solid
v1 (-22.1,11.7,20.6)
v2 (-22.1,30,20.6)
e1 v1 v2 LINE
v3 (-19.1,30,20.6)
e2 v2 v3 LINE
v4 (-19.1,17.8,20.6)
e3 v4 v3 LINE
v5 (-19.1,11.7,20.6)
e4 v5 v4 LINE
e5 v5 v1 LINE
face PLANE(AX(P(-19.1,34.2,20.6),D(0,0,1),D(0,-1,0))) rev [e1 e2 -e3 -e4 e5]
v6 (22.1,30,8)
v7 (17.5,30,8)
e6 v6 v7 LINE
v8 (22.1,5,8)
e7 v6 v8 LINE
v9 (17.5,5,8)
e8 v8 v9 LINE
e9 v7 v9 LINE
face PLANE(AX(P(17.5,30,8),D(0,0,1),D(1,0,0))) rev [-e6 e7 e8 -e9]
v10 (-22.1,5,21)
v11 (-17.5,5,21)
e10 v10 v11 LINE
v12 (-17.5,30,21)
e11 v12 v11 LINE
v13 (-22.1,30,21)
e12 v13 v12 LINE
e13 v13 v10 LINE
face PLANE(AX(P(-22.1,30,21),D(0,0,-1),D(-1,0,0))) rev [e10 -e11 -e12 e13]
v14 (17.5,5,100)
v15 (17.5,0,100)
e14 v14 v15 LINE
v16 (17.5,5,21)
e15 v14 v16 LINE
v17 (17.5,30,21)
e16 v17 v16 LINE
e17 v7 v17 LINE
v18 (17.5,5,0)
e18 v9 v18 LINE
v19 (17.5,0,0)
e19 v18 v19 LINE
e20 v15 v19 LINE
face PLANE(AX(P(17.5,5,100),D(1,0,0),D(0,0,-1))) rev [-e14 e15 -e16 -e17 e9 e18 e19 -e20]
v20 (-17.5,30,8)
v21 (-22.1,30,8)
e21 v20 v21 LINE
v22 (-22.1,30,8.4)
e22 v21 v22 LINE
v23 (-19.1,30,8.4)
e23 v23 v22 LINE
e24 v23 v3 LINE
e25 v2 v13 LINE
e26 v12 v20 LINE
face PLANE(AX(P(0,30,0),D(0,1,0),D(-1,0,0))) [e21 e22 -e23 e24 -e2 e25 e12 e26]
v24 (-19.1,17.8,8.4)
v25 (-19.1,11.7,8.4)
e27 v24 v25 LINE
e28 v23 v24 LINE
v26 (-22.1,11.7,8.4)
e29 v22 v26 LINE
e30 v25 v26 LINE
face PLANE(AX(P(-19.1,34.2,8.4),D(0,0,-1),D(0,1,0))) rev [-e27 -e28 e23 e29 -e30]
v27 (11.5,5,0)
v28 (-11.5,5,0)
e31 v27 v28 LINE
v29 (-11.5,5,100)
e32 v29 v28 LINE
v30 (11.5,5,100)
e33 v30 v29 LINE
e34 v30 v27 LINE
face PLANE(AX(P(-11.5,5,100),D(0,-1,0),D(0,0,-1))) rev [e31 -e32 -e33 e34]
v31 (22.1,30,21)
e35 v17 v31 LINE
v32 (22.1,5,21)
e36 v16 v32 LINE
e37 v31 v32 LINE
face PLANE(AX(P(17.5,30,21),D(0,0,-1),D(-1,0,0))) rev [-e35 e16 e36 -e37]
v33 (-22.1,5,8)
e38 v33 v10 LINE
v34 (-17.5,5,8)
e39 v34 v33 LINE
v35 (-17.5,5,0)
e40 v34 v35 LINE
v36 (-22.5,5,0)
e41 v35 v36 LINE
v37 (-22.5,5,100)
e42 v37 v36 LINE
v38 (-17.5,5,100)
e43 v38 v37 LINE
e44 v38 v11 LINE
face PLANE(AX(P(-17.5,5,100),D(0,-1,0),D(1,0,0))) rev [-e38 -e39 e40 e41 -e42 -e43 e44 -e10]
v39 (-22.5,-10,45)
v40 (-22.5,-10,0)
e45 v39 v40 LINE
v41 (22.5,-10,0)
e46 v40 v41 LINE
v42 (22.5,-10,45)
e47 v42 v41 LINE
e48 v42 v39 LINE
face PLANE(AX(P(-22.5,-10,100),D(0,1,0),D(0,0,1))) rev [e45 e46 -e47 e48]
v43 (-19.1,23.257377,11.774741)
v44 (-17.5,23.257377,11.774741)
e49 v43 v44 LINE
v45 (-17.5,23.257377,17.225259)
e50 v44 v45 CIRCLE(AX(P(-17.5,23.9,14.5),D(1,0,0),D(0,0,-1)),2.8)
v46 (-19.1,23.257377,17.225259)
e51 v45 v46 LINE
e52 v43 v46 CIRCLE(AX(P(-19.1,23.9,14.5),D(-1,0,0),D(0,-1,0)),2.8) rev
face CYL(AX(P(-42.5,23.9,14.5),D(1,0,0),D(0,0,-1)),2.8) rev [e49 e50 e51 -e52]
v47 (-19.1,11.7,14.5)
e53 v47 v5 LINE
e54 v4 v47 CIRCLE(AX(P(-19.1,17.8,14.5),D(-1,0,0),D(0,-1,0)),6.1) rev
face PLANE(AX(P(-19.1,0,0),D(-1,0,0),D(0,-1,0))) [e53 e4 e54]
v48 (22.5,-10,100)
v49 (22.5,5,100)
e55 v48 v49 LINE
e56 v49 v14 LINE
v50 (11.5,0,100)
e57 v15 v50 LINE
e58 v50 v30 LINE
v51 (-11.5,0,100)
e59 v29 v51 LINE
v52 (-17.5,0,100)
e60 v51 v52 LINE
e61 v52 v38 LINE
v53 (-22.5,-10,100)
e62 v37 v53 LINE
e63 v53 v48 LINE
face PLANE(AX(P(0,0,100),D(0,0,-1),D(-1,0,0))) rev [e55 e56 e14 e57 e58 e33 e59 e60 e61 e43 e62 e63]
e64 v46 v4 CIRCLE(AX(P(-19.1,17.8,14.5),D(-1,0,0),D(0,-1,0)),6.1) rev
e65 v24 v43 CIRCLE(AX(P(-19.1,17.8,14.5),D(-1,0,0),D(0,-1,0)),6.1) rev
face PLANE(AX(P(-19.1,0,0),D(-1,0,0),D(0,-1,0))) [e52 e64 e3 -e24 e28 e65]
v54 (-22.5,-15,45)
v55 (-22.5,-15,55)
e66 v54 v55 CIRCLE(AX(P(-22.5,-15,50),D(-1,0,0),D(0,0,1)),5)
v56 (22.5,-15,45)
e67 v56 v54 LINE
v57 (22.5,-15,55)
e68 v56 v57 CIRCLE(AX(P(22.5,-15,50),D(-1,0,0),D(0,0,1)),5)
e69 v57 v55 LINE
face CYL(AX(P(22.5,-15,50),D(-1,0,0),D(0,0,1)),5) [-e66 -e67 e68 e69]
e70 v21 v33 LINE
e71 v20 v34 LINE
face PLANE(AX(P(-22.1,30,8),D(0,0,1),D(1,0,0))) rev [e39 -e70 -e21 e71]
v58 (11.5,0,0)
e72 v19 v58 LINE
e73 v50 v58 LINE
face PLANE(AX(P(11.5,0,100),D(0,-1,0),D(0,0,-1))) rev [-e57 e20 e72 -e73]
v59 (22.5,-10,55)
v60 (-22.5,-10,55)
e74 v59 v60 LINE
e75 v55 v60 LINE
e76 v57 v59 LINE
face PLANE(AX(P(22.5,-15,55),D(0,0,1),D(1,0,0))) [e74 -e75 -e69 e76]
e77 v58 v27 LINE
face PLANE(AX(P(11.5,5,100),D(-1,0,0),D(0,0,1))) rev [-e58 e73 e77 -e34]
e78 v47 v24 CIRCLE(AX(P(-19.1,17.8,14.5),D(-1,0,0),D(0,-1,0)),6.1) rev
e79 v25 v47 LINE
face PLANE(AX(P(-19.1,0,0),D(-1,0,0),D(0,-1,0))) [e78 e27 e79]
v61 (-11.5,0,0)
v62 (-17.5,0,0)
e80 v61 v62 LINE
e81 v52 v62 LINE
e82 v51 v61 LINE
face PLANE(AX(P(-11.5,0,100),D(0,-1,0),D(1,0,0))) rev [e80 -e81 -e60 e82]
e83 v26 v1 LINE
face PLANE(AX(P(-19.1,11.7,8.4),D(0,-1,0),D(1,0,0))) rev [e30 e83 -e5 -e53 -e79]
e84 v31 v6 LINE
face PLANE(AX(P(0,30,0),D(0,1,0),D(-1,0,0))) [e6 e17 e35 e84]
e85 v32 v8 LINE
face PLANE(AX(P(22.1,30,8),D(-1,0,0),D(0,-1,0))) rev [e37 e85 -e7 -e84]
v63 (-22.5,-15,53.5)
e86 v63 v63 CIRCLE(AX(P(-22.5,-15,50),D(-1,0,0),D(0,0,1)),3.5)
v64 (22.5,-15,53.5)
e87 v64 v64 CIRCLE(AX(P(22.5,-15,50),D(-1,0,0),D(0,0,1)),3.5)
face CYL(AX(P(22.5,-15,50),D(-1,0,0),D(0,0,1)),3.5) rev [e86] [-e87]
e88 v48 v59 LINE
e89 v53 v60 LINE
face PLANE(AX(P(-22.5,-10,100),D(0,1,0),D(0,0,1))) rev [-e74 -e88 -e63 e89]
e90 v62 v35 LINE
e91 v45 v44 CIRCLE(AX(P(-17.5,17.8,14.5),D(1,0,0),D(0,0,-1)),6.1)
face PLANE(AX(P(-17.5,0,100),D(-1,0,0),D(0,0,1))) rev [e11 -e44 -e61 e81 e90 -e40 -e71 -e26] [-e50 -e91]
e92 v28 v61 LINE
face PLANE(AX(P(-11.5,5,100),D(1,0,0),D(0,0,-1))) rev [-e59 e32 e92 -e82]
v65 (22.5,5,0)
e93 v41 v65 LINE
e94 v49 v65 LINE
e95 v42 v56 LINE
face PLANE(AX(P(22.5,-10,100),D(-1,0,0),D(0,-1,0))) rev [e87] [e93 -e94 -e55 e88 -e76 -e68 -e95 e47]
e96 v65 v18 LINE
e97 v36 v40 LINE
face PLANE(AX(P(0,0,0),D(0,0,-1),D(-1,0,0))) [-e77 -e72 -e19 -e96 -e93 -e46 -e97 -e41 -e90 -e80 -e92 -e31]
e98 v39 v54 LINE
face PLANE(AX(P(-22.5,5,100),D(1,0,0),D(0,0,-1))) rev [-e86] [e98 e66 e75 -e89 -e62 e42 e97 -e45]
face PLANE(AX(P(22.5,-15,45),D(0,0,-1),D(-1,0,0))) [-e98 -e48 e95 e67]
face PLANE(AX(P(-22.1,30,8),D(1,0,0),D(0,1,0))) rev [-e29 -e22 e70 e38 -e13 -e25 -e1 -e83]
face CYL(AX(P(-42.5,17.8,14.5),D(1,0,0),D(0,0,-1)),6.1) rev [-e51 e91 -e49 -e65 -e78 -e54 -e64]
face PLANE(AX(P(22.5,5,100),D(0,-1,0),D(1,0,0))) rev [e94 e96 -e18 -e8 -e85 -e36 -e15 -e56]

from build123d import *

# Parameters (mm, degrees)
BOSS_EXTRUDE1_DEPTH = 100
SKETCH2_W           = 10
SKETCH2_H           = 5
BOSS_EXTRUDE3_DEPTH = 45
SKETCH3_R           = 5
BOSS_EXTRUDE4_DEPTH = 45
SKETCH4_R           = 3.5
CUT_EXTRUDE1_DEPTH  = 45
SKETCH5_W           = 4.6
SKETCH5_H           = 13
BOSS_EXTRUDE5_DEPTH = 25
SKETCH6_R           = 6.1
SKETCH6_R_2         = 2.8
CUT_EXTRUDE2_DEPTH  = 25
SKETCH7_W           = 12.2
SKETCH7_H           = 22.5
CUT_EXTRUDE3_DEPTH  = 3


with BuildPart() as part:
    # Sketch1 → Boss-Extrude1 (new body)
    with BuildSketch(Plane.XY):
        Polygon((-11.5, 5), (11.5, 5), (11.5, 0), (17.5, 0), (17.5, 5), (22.5, 5), (22.5, -10), (-22.5, -10), (-22.5, 5), (-17.5, 5), (-17.5, 0), (-11.5, 0), align=None)
    extrude(amount=BOSS_EXTRUDE1_DEPTH)

    # Sketch2 → Boss-Extrude3 (add)
    with BuildSketch(Plane.ZY.offset(22.5)):
        with Locations((50, -12.5)):
            Rectangle(SKETCH2_W, SKETCH2_H)
    extrude(amount=-BOSS_EXTRUDE3_DEPTH)

    # Sketch3 → Boss-Extrude4 (add)
    with BuildSketch(Plane.ZY.offset(22.5)):
        with Locations((50, -15)):
            Circle(SKETCH3_R)
    extrude(amount=-BOSS_EXTRUDE4_DEPTH)

    # Sketch4 → Cut-Extrude1 (cut)
    with BuildSketch(Plane.ZY.offset(22.5)):
        with Locations((50, -15)):
            Circle(SKETCH4_R)
    extrude(amount=-CUT_EXTRUDE1_DEPTH, mode=Mode.SUBTRACT)

    # Sketch5 → Boss-Extrude5 (add)
    with BuildSketch(Plane(origin=(0, 5, 0), x_dir=(1, 0, 0), z_dir=(0, 1, 0))):
        with Locations((-19.8, -14.5)):
            Rectangle(SKETCH5_W, SKETCH5_H)
        with Locations((19.8, -14.5)):
            Rectangle(SKETCH5_W, SKETCH5_H)
    extrude(amount=BOSS_EXTRUDE5_DEPTH)

    # Sketch6 → Cut-Extrude2 (cut)
    with BuildSketch(Plane(origin=(-17.5, 0, 0), x_dir=(0, 0, -1), z_dir=(1, 0, 0))):
        with Locations((-14.5, 17.8)):
            Circle(SKETCH6_R)
        with Locations((-14.5, 23.9)):
            Circle(SKETCH6_R_2)
    extrude(amount=-CUT_EXTRUDE2_DEPTH, mode=Mode.SUBTRACT)

    # Sketch7 → Cut-Extrude3 (cut)
    with BuildSketch(Plane.ZY.offset(22.1)):
        with Locations((14.5, 22.95)):
            Rectangle(SKETCH7_W, SKETCH7_H)
    extrude(amount=-CUT_EXTRUDE3_DEPTH, mode=Mode.SUBTRACT)


solid = part.part
